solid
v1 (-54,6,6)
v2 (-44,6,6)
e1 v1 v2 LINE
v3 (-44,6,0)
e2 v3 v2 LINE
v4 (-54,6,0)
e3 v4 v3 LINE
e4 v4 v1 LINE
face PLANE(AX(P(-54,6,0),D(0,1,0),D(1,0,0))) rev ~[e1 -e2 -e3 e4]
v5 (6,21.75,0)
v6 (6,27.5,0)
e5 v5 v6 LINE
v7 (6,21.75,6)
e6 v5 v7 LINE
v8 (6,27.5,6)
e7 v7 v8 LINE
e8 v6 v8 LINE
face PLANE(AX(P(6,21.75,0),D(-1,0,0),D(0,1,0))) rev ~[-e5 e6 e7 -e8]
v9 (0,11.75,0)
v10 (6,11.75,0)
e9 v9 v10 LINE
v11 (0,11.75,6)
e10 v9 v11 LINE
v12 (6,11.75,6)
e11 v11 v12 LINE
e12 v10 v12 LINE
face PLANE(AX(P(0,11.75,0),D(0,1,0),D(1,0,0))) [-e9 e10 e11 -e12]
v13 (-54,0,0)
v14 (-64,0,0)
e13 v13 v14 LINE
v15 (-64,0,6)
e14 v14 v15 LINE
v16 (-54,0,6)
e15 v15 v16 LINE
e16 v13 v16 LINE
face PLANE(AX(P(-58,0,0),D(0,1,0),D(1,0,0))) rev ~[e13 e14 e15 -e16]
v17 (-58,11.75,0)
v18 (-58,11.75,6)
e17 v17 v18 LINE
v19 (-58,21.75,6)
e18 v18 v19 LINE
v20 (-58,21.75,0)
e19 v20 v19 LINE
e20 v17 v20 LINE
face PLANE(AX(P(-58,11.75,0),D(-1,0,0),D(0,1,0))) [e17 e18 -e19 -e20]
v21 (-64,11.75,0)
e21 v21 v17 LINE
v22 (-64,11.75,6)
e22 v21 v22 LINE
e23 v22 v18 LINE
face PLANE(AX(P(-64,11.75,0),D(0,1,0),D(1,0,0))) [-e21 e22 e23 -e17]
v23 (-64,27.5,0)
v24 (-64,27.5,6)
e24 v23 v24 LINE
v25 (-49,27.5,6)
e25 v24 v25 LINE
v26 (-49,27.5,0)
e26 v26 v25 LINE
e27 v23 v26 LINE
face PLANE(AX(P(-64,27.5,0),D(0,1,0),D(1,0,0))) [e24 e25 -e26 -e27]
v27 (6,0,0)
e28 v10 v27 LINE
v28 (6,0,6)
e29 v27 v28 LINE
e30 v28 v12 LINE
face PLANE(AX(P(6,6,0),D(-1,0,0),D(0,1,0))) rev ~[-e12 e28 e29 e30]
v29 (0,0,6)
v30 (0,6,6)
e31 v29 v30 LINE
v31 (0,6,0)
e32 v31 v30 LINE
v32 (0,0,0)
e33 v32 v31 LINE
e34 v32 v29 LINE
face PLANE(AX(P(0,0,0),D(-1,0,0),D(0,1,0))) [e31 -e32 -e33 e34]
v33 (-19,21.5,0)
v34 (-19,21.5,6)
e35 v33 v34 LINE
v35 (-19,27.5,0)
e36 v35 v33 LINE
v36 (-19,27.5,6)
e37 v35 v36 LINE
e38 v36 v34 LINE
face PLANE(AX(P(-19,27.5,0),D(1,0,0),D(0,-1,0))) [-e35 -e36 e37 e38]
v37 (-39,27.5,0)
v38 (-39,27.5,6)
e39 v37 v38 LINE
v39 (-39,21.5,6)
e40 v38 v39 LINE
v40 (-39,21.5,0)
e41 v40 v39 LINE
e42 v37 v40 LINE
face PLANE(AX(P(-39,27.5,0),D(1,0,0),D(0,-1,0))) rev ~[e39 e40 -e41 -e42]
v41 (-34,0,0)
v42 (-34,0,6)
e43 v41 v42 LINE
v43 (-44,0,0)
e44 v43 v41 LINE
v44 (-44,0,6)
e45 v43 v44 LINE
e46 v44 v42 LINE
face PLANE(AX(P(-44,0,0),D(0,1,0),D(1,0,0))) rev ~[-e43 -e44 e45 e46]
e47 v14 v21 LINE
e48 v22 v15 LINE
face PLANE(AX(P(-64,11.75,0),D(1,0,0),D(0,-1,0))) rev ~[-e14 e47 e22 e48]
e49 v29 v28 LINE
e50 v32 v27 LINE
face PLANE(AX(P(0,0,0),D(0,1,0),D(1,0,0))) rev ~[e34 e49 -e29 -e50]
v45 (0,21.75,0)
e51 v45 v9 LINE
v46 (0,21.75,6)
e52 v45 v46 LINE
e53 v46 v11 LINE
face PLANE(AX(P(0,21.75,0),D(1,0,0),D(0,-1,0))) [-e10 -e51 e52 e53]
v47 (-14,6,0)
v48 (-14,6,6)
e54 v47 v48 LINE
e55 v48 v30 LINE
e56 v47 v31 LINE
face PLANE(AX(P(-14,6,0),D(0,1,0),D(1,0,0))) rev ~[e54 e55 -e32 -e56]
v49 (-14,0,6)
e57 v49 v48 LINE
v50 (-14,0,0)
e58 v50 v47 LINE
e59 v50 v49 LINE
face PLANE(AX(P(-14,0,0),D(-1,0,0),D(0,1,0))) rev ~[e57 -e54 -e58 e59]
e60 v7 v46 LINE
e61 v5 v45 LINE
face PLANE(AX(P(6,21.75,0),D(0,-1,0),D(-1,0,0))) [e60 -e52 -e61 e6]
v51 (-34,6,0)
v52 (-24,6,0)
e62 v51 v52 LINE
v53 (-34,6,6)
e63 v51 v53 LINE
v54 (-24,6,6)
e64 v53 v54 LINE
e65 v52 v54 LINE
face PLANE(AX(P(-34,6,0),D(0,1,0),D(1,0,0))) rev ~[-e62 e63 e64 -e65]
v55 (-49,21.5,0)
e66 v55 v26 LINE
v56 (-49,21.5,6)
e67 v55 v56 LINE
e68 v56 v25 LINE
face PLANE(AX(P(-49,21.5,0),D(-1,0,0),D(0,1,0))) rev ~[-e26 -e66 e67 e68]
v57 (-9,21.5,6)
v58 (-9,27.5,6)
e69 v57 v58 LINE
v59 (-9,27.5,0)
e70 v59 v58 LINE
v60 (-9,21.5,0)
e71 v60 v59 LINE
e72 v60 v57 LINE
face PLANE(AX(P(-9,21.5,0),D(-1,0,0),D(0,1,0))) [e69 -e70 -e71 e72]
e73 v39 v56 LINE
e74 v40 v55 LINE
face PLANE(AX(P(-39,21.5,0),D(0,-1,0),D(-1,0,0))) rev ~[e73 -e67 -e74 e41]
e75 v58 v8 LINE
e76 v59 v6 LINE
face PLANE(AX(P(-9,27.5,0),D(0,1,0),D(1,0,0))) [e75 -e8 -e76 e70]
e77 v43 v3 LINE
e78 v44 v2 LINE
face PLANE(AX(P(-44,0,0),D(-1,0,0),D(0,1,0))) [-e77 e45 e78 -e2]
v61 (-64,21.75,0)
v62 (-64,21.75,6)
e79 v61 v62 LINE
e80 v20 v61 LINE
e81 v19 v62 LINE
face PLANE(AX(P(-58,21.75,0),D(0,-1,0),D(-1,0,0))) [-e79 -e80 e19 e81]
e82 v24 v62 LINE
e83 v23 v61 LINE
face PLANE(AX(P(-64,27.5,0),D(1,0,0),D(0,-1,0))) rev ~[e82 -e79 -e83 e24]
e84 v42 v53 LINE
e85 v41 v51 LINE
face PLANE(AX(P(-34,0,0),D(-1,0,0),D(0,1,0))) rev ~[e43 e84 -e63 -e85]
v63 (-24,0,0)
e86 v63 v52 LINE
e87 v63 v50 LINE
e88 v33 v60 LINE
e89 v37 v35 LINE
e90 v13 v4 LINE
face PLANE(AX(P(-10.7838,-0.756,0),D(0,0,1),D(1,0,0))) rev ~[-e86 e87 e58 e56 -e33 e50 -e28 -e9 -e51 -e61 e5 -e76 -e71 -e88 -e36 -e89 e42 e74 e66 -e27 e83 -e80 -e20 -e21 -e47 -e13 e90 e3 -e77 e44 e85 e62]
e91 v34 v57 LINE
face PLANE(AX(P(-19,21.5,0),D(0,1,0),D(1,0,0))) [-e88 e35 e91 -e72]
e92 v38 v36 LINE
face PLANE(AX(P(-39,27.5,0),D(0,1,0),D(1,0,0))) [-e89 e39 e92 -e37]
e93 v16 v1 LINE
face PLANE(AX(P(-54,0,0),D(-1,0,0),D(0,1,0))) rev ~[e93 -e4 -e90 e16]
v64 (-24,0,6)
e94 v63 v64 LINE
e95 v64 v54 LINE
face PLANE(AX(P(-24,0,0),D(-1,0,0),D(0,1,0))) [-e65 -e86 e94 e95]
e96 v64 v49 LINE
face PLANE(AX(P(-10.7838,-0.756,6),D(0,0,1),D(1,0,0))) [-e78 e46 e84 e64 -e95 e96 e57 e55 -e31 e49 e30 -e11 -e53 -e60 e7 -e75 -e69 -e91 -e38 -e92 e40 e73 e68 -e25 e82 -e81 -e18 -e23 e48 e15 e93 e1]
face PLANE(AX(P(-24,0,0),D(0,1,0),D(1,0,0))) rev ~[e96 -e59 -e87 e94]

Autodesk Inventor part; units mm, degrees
ref_plane "YZ Plane" through (0, 0, 0) normal (1, 0, 0) x (0, 1, 0)
ref_plane "XZ Plane" through (0, 0, 0) normal (0, 1, 0) x (-1, 0, 0)
ref_plane "XY Plane" through (0, 0, 0) normal (0, 0, 1) x (1, 0, 0)
ref_plane "Work Plane1" through (-10.7838, -0.756, 0) normal (0, 0, 1) x (1, 0, 0)
sketch "Sketch1" plane through (-10.7838, -0.756, 0) normal (0, 0, 1) x (1, 0, 0)
  line L0 (-33.2162, 0.756) -> (-33.2162, 6.756)
  line L1 (-33.2162, 0.756) -> (-23.2162, 0.756)
  line L2 (-23.2162, 0.756) -> (-23.2162, 6.756)
  line L3 (-23.2162, 6.756) -> (-33.2162, 6.756)
  line L4 (-3.2162, 0.756) -> (-3.2162, 6.756)
  line L5 (-3.2162, 6.756) -> (-13.2162, 6.756)
  line L6 (-13.2162, 0.756) -> (-13.2162, 6.756)
  line L7 (-13.2162, 0.756) -> (-3.2162, 0.756)
  line L8 (-135.7005, 28.256) -> (83.2995, 28.256)
  line L9 (83.2995, 43.256) -> (-135.7005, 43.256)
  line L10 (-43.2162, 0.756) -> (-43.2162, 6.756)
  line L11 (-43.2162, 6.756) -> (-47.2162, 6.756)
  line L12 (-47.2162, 0.756) -> (-47.2162, 6.756)
  line L13 (-47.2162, 0.756) -> (-43.2162, 0.756)
  line L14 (16.7838, 6.756) -> (10.7838, 6.756)
  line L15 (10.7838, 0.756) -> (10.7838, 6.756)
  line L16 (10.7838, 0.756) -> (16.7838, 0.756)
  line L17 (16.7838, 0.756) -> (16.7838, 6.756)
  line L18 (-53.2162, 6.756) -> (-53.2162, 0.756)
  line L19 (-47.2162, 0.756) -> (-53.2162, 0.756)
  line L20 (-47.2162, 0.756) -> (-47.2162, 6.756)
  line L21 (-47.2162, 6.756) -> (-53.2162, 6.756)
  line L22 (-53.2162, 6.756) -> (16.7838, 6.756)
  line L23 (16.7838, 6.756) -> (16.7838, 28.256)
  line L24 (16.7838, 28.256) -> (-53.2162, 28.256)
  line L25 (-53.2162, 28.256) -> (-53.2162, 6.756)
  line L26 (-53.2162, 12.506) -> (-47.2162, 12.506)
  line L27 (-47.2162, 12.506) -> (-47.2162, 22.506)
  line L28 (-47.2162, 22.506) -> (-53.2162, 22.506)
  line L29 (-53.2162, 22.506) -> (-53.2162, 12.506)
  line L30 (16.7838, 22.506) -> (10.7838, 22.506)
  line L31 (10.7838, 22.506) -> (10.7838, 12.506)
  line L32 (10.7838, 12.506) -> (16.7838, 12.506)
  line L33 (16.7838, 12.506) -> (16.7838, 22.506)
  line L34 (-38.2162, 28.256) -> (-28.2162, 28.256)
  line L35 (-28.2162, 28.256) -> (-28.2162, 22.256)
  line L36 (-28.2162, 22.256) -> (-38.2162, 22.256)
  line L37 (-38.2162, 22.256) -> (-38.2162, 28.256)
  line L38 (1.7838, 28.256) -> (-8.2162, 28.256)
  line L39 (-8.2162, 28.256) -> (-8.2162, 22.256)
  line L40 (-8.2162, 22.256) -> (1.7838, 22.256)
  line L41 (1.7838, 22.256) -> (1.7838, 28.256)
  point P0 (-47.2162, 17.506)
  point P1 (-53.2162, 17.506)
  point P2 (10.7838, 17.506)
  point P3 (16.7838, 17.506)
extrude "Plate1" add sketch "Sketch1" along normal blind 6 contours L0 L3 L2 L1 | L22 L11 L21 L25 L26 L27 L28 L8 L37 L36 L35 L39 L40 L41 L23 L30 L31 L32 L14 L5 L3 | L10 L13 L12 L11 | L5 L4 L7 L6 | L12 L19 L18 L21 | L14 L17 L16 L15
equation "\"d10\" = Thickness"
equation "\"BendRadius\" = Thickness"
equation "\"BendReliefWidth\" = Thickness"
equation "\"BendReliefDepth\" = 0.5 * Thickness"
equation "\"CornerReliefSize\" = 4 * Thickness"
equation "\"MinimumRemnant\" = 2 * Thickness"
equation "\"TransitionRadius\" = BendRadius"
equation "\"JacobiRadiusSize\" = BendRadius"
equation "\"GapSize\" = Thickness"
equation "\"d9\" = d8"
equation "\"Thickness\" = 6"
equation "\"d8\" = 15"
properties part number "onderzijde joystickdoosje" material "Wood (Birch)"
